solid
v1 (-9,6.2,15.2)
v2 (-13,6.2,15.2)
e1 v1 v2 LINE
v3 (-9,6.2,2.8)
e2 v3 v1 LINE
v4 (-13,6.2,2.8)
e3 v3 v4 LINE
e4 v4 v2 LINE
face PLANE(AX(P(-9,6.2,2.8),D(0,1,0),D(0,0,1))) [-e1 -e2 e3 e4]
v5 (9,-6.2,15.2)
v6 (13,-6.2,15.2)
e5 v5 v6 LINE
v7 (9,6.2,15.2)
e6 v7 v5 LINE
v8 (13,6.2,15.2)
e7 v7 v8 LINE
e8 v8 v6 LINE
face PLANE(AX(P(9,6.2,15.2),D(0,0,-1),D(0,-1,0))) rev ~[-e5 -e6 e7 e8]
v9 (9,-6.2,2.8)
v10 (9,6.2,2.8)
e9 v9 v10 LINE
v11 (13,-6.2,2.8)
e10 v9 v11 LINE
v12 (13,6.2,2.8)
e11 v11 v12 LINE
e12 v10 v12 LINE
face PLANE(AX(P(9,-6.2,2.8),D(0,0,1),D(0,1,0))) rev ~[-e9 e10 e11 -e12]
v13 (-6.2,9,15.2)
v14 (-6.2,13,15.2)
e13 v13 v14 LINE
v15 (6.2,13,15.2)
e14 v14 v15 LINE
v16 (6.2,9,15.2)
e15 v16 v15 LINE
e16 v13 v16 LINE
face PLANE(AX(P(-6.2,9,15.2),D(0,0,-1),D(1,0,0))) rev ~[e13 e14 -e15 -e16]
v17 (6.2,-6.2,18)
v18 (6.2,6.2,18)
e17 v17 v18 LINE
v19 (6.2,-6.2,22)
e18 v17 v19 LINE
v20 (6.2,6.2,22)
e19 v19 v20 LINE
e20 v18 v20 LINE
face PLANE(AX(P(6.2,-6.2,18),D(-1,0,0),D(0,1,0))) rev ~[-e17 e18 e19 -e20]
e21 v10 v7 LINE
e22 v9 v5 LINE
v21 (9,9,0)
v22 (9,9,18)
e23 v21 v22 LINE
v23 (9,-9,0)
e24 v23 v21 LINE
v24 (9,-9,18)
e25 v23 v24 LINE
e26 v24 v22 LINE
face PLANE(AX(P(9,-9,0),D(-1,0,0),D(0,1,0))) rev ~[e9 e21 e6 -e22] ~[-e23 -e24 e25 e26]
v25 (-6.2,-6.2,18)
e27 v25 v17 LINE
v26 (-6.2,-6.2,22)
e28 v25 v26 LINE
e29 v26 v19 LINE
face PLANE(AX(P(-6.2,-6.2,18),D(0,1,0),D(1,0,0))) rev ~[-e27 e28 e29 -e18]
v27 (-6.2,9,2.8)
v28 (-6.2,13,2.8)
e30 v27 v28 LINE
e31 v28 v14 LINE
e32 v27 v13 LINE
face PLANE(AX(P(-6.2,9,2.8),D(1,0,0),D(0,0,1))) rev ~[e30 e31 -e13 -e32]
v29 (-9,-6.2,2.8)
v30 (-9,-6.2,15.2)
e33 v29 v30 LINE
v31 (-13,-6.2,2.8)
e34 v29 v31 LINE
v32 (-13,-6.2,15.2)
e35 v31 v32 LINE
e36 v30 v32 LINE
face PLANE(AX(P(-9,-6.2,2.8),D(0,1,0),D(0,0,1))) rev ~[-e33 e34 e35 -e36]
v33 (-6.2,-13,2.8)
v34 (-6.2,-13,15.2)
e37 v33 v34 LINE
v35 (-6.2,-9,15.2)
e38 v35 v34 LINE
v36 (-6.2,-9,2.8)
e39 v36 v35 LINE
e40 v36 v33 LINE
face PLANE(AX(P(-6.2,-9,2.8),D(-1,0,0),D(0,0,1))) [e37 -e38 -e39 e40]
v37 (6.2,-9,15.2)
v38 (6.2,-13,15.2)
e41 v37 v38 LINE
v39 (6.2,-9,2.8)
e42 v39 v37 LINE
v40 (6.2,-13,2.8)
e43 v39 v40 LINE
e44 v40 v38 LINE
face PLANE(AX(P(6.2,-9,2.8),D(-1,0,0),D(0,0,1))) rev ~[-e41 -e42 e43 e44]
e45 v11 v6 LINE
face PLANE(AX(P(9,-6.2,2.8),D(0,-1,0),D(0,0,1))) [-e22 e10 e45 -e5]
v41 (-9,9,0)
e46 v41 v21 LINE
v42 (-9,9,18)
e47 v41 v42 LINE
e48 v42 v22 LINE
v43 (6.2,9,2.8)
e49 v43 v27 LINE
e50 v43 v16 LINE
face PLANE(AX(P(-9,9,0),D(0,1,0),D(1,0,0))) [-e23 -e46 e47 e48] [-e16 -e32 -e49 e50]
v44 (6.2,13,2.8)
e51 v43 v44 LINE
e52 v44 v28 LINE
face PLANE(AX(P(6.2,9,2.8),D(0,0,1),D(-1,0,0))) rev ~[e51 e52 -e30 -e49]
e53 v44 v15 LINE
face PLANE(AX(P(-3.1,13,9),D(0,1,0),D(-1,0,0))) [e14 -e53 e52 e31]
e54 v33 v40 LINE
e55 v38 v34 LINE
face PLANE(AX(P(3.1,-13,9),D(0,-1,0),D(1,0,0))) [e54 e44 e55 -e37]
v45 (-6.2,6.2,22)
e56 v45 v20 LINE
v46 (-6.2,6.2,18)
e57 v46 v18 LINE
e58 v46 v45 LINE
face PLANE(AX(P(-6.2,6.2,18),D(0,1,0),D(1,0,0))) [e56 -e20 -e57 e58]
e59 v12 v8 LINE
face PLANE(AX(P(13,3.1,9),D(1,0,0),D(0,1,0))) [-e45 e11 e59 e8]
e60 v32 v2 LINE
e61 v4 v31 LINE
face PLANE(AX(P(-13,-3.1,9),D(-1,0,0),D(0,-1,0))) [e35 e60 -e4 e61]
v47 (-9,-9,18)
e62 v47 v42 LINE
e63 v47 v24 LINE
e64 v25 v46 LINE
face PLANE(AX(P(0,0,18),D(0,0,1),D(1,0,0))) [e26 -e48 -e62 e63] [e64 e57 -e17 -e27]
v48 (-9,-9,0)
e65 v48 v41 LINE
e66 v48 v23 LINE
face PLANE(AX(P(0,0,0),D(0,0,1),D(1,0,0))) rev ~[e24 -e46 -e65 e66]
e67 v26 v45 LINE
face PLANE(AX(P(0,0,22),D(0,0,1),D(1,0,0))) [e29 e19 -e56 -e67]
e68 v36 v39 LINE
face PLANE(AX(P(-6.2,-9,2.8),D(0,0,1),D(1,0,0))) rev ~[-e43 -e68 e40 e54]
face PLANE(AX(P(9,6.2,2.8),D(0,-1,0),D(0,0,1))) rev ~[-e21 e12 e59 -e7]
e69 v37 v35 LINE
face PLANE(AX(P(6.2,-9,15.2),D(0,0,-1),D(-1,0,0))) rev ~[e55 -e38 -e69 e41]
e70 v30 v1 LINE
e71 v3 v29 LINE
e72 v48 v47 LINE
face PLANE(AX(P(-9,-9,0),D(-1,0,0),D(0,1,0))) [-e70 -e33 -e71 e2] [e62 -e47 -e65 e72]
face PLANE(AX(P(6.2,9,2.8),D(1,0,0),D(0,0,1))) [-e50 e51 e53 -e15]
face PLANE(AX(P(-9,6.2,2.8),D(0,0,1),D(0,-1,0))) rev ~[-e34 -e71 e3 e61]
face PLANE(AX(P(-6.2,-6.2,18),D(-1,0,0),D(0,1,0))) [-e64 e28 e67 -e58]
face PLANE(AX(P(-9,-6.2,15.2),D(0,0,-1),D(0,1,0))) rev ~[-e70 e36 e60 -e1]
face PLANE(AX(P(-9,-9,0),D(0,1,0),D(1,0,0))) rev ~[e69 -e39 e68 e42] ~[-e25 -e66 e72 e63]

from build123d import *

# Parameters (mm, degrees)
F0_W      = 18
F0_H      = 18
F1_DEPTH  = 18
F2_W      = 12.4
F2_H      = 12.4
F3_DEPTH  = 4
F4_DEPTH  = 4
F5_W      = 6.2
F5_H      = 12.4
F6_DEPTH  = 4
F7_W      = 6.2
F7_H      = 12.4
F8_DEPTH  = 4
F9_W      = 6.2
F9_H      = 12.4
F10_DEPTH = 4
F11_W     = 6.2
F11_H     = 12.4
F12_DEPTH = 4


with BuildPart() as f1:
    # F0 (on Top) → F1 (new body)
    with BuildSketch(Plane.XY):
        Rectangle(F0_W, F0_H)
    extrude(amount=F1_DEPTH)

    # F2 (on face) → F3 (join)
    with BuildSketch(Plane.XY.offset(18)):
        Rectangle(F2_W, F2_H)
    extrude(amount=F3_DEPTH)

    # F2 (on face) → F4 (join)
    with BuildSketch(Plane.XY.offset(18)):
        Rectangle(F2_W, F2_H)
    extrude(amount=-F4_DEPTH)

    # F5 (on face) → F6 (join)
    with BuildSketch(Plane(origin=(0, 9, 0), x_dir=(-1, 0, 0), z_dir=(0, 1, 0))):
        with Locations((3.1, 9)):
            Rectangle(F5_W, F5_H)
        with Locations((-3.1, 9)):
            Rectangle(F5_W, F5_H)
    extrude(amount=F6_DEPTH)

    # F7 (on face) → F8 (join)
    with BuildSketch(Plane(origin=(-9, 0, 0), x_dir=(0, -1, 0), z_dir=(-1, 0, 0))):
        with Locations((3.1, 9)):
            Rectangle(F7_W, F7_H)
        with Locations((-3.1, 9)):
            Rectangle(F7_W, F7_H)
    extrude(amount=F8_DEPTH)

    # F9 (on face) → F10 (join)
    with BuildSketch(Plane.YZ.offset(9)):
        with Locations((3.1, 9)):
            Rectangle(F9_W, F9_H)
        with Locations((-3.1, 9)):
            Rectangle(F9_W, F9_H)
    extrude(amount=F10_DEPTH)

    # F11 (on face) → F12 (join)
    with BuildSketch(Plane.XZ.offset(9)):
        with Locations((3.1, 9)):
            Rectangle(F11_W, F11_H)
        with Locations((-3.1, 9)):
            Rectangle(F11_W, F11_H)
    extrude(amount=F12_DEPTH)


solid = f1.part
